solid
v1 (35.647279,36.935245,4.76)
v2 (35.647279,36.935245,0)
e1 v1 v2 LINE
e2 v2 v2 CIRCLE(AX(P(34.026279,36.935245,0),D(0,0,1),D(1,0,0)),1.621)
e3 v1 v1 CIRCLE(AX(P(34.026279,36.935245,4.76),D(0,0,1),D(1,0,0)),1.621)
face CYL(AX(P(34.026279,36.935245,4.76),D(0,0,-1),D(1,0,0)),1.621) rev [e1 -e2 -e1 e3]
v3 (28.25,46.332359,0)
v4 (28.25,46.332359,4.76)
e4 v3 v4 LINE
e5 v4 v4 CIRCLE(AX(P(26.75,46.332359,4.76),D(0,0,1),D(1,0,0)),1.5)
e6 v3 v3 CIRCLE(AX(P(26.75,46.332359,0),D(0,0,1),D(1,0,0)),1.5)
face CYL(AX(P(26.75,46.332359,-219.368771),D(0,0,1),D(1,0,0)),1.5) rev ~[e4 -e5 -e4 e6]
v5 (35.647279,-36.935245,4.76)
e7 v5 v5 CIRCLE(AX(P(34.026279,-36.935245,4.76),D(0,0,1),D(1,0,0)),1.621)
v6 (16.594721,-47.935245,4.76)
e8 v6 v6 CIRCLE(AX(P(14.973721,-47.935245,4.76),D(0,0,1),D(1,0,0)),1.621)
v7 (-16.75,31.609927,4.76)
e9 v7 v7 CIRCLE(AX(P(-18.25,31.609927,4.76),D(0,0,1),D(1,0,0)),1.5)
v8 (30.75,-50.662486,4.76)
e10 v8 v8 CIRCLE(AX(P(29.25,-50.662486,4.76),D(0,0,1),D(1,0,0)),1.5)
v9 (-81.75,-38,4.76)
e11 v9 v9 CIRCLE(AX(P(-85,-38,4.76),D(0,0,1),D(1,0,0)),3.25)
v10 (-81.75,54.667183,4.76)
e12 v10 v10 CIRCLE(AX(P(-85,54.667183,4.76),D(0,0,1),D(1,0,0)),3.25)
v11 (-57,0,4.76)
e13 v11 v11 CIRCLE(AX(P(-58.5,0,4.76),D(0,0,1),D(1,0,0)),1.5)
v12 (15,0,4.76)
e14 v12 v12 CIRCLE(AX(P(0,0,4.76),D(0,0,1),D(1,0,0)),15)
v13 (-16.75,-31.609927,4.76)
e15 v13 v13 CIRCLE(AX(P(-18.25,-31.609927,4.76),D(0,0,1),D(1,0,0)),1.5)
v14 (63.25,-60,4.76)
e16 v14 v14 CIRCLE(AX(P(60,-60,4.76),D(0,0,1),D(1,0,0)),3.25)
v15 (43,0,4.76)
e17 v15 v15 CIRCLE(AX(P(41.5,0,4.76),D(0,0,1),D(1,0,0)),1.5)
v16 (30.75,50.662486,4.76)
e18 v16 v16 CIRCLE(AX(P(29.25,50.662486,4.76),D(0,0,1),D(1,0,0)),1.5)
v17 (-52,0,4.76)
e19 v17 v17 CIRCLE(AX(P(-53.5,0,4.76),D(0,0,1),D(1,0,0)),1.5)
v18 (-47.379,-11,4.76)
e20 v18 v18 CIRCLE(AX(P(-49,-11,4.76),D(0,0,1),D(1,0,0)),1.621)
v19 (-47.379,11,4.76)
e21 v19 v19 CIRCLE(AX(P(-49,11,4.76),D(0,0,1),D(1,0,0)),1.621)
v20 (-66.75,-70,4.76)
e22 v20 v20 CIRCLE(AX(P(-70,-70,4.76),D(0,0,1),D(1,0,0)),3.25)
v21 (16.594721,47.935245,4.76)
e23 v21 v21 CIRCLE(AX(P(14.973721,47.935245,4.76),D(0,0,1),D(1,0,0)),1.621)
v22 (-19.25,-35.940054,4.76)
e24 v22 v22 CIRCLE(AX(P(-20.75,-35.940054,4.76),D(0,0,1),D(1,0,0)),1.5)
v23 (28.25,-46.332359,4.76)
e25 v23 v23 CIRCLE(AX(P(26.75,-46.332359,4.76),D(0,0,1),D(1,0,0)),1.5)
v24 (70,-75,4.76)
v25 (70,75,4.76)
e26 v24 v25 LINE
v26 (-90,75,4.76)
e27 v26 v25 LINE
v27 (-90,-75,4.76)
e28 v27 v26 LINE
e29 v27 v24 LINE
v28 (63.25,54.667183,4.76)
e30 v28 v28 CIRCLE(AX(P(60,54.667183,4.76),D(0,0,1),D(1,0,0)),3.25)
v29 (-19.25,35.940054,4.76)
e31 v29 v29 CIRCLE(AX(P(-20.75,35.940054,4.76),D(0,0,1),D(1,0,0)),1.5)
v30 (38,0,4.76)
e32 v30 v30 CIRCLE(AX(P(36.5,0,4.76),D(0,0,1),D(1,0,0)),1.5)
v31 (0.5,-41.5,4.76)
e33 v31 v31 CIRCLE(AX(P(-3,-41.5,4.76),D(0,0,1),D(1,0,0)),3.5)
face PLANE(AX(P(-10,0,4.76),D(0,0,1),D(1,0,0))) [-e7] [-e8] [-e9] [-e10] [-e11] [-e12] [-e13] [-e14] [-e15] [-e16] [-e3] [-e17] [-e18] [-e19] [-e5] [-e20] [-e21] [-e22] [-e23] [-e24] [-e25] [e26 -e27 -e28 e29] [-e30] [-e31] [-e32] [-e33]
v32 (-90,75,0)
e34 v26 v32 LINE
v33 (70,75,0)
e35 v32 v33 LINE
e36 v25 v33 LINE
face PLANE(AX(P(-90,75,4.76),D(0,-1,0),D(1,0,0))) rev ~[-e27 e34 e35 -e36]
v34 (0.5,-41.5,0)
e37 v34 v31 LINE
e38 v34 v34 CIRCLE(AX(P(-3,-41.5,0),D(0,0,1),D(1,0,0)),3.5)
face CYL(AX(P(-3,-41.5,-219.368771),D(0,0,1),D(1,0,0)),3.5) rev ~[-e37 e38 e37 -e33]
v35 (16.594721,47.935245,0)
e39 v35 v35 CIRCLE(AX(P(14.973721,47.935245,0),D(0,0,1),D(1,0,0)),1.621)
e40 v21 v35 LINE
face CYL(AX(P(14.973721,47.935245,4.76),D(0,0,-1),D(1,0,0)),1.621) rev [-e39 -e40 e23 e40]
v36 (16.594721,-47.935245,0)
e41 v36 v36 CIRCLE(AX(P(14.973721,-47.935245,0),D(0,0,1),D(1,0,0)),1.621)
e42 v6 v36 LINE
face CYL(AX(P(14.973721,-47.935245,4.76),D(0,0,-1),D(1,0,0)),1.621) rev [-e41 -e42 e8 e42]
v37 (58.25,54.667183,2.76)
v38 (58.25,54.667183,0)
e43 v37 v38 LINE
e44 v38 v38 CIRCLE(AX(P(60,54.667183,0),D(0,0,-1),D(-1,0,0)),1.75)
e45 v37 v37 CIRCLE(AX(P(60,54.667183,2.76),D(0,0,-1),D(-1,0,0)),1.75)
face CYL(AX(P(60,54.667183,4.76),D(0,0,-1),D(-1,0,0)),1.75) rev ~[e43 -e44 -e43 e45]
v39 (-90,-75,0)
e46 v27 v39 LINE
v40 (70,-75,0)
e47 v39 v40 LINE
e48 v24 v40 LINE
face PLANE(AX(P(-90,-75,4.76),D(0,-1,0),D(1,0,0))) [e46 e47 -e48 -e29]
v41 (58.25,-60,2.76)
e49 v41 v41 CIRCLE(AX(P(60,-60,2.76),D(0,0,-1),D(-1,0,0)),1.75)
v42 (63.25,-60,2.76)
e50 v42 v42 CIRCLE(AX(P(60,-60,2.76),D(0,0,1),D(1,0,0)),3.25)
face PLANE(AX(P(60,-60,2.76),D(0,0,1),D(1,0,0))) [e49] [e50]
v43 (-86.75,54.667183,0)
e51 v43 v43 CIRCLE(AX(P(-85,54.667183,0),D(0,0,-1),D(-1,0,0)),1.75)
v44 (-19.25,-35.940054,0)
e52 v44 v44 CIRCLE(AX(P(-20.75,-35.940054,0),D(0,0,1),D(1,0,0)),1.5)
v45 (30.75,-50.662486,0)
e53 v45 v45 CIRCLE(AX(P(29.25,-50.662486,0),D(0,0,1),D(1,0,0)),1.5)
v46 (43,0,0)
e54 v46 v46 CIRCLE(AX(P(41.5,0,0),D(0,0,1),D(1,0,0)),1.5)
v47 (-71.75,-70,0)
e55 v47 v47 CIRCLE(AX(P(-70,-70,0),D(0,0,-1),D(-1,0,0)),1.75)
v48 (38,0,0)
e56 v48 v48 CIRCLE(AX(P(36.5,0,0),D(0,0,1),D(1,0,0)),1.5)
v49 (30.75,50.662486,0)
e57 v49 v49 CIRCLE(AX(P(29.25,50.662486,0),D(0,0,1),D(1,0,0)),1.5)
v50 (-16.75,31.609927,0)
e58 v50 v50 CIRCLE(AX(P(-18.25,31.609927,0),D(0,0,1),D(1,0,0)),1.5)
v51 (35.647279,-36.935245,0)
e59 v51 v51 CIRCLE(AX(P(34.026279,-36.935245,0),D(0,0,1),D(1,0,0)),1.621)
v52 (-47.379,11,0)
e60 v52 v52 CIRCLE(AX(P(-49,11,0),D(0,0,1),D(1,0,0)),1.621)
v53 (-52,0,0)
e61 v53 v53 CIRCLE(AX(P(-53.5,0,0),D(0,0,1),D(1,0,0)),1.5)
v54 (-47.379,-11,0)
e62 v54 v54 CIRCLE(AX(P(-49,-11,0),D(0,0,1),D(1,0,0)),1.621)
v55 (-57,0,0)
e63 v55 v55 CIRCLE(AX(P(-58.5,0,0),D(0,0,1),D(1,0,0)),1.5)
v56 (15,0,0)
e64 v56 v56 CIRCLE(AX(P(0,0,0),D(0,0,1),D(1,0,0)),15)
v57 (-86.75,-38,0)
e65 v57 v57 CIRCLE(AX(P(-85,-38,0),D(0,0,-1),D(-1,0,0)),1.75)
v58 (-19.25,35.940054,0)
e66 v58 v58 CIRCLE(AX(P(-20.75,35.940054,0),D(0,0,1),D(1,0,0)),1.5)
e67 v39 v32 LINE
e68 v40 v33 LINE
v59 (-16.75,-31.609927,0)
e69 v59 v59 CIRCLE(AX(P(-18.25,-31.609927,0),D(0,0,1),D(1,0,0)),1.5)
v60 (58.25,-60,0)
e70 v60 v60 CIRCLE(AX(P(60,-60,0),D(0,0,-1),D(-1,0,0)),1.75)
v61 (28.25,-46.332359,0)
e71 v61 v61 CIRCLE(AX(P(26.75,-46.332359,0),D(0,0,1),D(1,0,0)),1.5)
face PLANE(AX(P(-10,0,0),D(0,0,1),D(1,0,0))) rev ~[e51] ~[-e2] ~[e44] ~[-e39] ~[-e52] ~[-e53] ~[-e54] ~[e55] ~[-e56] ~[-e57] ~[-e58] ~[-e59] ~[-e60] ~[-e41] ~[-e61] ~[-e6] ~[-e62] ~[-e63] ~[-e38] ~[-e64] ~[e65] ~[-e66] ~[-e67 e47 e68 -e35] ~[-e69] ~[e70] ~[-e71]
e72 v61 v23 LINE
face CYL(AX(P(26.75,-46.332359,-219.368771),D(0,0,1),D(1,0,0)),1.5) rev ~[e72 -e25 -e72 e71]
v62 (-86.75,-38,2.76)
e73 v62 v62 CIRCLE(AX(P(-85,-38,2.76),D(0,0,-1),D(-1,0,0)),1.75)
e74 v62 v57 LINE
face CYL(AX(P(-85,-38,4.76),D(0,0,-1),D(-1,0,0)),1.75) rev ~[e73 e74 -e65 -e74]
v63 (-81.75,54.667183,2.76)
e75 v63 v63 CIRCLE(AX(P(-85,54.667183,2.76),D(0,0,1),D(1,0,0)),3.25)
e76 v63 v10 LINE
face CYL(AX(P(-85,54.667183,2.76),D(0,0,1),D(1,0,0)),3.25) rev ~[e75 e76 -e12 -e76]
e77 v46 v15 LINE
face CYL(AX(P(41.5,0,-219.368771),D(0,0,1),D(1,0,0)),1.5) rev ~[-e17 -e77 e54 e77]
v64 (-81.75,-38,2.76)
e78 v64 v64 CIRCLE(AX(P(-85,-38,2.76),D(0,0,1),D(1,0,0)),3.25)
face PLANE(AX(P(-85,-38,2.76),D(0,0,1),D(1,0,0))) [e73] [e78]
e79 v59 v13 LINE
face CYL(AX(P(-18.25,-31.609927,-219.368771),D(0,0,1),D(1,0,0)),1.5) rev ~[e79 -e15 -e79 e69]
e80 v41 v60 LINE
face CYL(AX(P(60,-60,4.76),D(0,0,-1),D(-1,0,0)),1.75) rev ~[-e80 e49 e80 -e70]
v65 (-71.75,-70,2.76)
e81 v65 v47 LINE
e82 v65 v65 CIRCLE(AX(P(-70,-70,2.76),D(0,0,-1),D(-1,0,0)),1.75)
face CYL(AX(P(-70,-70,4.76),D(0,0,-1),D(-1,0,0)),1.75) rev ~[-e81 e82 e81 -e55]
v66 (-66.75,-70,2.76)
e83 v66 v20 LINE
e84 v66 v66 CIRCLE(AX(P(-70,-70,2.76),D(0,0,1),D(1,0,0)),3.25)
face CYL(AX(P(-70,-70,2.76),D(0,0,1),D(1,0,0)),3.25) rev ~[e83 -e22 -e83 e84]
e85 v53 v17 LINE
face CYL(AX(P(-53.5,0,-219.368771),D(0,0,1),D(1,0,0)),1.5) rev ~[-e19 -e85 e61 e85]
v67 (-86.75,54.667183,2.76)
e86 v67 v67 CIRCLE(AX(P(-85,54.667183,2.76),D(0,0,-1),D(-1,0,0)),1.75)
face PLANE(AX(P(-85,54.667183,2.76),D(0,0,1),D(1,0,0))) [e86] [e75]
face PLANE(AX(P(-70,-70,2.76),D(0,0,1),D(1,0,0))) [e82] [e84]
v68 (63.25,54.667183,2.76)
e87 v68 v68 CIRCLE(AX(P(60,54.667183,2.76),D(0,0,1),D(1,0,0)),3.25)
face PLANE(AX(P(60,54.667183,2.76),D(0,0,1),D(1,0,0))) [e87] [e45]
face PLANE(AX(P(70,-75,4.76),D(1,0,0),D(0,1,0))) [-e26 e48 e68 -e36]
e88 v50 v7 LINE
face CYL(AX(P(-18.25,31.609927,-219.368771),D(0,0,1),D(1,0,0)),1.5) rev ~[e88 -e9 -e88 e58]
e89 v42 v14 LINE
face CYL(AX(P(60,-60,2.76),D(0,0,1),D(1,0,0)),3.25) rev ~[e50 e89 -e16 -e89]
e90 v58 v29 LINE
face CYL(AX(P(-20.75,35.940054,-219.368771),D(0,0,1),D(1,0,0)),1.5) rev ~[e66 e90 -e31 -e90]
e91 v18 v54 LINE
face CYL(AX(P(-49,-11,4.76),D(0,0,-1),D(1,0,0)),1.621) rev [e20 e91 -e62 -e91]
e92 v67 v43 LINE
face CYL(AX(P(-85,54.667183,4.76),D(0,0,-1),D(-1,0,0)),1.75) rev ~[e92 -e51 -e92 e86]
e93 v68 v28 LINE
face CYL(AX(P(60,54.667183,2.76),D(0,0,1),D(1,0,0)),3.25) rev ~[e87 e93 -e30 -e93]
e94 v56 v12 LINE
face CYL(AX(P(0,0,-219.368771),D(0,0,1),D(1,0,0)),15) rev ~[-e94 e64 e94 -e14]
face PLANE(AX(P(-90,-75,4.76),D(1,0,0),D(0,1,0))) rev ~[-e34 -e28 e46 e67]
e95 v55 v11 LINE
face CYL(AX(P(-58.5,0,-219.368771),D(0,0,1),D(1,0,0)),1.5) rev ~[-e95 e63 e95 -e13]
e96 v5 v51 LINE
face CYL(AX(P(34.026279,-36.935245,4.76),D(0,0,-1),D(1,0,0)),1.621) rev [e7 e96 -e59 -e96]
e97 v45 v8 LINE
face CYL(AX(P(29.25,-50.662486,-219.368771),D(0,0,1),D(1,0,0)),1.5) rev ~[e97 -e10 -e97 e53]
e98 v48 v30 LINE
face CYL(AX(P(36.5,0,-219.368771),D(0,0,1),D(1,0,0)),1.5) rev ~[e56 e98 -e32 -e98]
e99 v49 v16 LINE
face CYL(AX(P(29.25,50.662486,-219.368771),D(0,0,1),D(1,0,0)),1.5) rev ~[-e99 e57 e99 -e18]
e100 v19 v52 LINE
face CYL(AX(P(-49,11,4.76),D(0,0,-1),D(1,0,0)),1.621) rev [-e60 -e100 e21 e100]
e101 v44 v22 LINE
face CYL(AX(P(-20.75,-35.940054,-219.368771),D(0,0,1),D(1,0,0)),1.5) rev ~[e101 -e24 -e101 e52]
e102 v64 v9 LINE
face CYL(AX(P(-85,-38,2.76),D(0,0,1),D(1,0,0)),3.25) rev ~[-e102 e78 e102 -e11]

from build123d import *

# Parameters (mm, degrees)
SKETCH1_W                                        = 160
SKETCH1_H                                        = 150
BOSS_EXTRUDE1_DEPTH                              = 4.76
F_7_0_7_DIAMETER_HOLE1_D                         = 7
CBORE_FOR_M3_HEX_HEAD_MACHINE_SCREW1_D           = 3.5
CBORE_FOR_M3_HEX_HEAD_MACHINE_SCREW1_CBORE_D     = 6.5
CBORE_FOR_M3_HEX_HEAD_MACHINE_SCREW1_CBORE_DEPTH = 2
F_3_0_3_DIAMETER_HOLE1_D                         = 3
M27_CLEARANCE_HOLE1_D                            = 30


with BuildPart() as part:
    # Sketch1 → Boss-Extrude1 (new body)
    with BuildSketch(Plane.XY.offset(4.76)):
        with Locations((-10, 0)):
            Rectangle(SKETCH1_W, SKETCH1_H)
    extrude(amount=-BOSS_EXTRUDE1_DEPTH)

    # Sketch2 → Cut-Revolve1 (revolve, cut)
    with BuildSketch(Plane(origin=(0, 36.935244785, 0), x_dir=(1, 0, 0), z_dir=(0, 1, 0))):
        Polygon((35.647279442, 0), (34.026279442, 0), (34.026279442, -4.76), (35.647279442, -4.76), (35.647279442, -2.76), align=None)
    revolve(axis=Axis((34.026279442, 36.935244785, 0), (0, 0, 1)), mode=Mode.SUBTRACT)

    # Sketch3 → Cut-Revolve2 (revolve, cut)
    with BuildSketch(Plane(origin=(0, 11, 0), x_dir=(1, 0, 0), z_dir=(0, 1, 0))):
        Polygon((-47.379, 0), (-49, 0), (-49, -4.76), (-47.379, -4.76), (-47.379, -2.76), align=None)
    revolve(axis=Axis((-49, 11, 0), (0, 0, 1)), mode=Mode.SUBTRACT)

    # Sketch4 → Cut-Revolve3 (revolve, cut)
    with BuildSketch(Plane(origin=(0, -36.935244785, 0), x_dir=(1, 0, 0), z_dir=(0, 1, 0))):
        Polygon((35.647279442, 0), (34.026279442, 0), (34.026279442, -4.76), (35.647279442, -4.76), (35.647279442, -2.76), align=None)
    revolve(axis=Axis((34.026279442, -36.935244785, 0), (0, 0, 1)), mode=Mode.SUBTRACT)

    # Sketch5 → Cut-Revolve4 (revolve, cut)
    with BuildSketch(Plane(origin=(0, -47.935244785, 0), x_dir=(1, 0, 0), z_dir=(0, 1, 0))):
        Polygon((16.594720558, 0), (14.973720558, 0), (14.973720558, -4.76), (16.594720558, -4.76), (16.594720558, -2.76), align=None)
    revolve(axis=Axis((14.973720558, -47.935244785, 0), (0, 0, 1)), mode=Mode.SUBTRACT)

    # Sketch6 → Cut-Revolve5 (revolve, cut)
    with BuildSketch(Plane(origin=(0, 47.935244785, 0), x_dir=(1, 0, 0), z_dir=(0, 1, 0))):
        Polygon((16.594720558, 0), (14.973720558, 0), (14.973720558, -4.76), (16.594720558, -4.76), (16.594720558, -2.76), align=None)
    revolve(axis=Axis((14.973720558, 47.935244785, 0), (0, 0, 1)), mode=Mode.SUBTRACT)

    # Sketch7 → Cut-Revolve6 (revolve, cut)
    with BuildSketch(Plane(origin=(0, -11, 0), x_dir=(1, 0, 0), z_dir=(0, 1, 0))):
        Polygon((-47.379, 0), (-49, 0), (-49, -4.76), (-47.379, -4.76), (-47.379, -2.76), align=None)
    revolve(axis=Axis((-49, -11, 0), (0, 0, 1)), mode=Mode.SUBTRACT)

    # Ø7.0 (7) Diameter Hole1 (through all)
    with Locations(Plane(origin=(0, 0, 0), x_dir=(-1, 0, 0), z_dir=(0, 0, -1))):
        with Locations((3, -41.5)):
            Hole(F_7_0_7_DIAMETER_HOLE1_D / 2)

    # CBORE for M3 Hex Head Machine Screw1 (through all)
    with Locations(Plane.XY.offset(4.76)):
        with Locations((-70, -70), (60, -60), (-84.999999999, 54.667182961), (60, 54.667182961), (-84.999999999, -38.000000001)):
            CounterBoreHole(CBORE_FOR_M3_HEX_HEAD_MACHINE_SCREW1_D / 2, CBORE_FOR_M3_HEX_HEAD_MACHINE_SCREW1_CBORE_D / 2, CBORE_FOR_M3_HEX_HEAD_MACHINE_SCREW1_CBORE_DEPTH)

    # Ø3.0 (3) Diameter Hole1 (through all)
    with Locations(Plane(origin=(0, 0, 0), x_dir=(-1, 0, 0), z_dir=(0, 0, -1))):
        with Locations((20.75, 35.940054257), (18.25, 31.609927238), (20.75, -35.940054257), (18.25, -31.609927238), (-41.5, 0), (-29.250000001, 50.662486121), (-26.750000001, 46.332359102), (-36.5, 0), (58.5, 1e-09), (53.5, 1e-09), (-26.749999999, -46.332359103), (-29.249999999, -50.662486122)):
            Hole(F_3_0_3_DIAMETER_HOLE1_D / 2)

    # M27 Clearance Hole1 (through all)
    with Locations(Plane(origin=(0, 0, 0), x_dir=(-1, 0, 0), z_dir=(0, 0, -1))):
        with Locations((0, 0)):
            Hole(M27_CLEARANCE_HOLE1_D / 2)


solid = part.part
